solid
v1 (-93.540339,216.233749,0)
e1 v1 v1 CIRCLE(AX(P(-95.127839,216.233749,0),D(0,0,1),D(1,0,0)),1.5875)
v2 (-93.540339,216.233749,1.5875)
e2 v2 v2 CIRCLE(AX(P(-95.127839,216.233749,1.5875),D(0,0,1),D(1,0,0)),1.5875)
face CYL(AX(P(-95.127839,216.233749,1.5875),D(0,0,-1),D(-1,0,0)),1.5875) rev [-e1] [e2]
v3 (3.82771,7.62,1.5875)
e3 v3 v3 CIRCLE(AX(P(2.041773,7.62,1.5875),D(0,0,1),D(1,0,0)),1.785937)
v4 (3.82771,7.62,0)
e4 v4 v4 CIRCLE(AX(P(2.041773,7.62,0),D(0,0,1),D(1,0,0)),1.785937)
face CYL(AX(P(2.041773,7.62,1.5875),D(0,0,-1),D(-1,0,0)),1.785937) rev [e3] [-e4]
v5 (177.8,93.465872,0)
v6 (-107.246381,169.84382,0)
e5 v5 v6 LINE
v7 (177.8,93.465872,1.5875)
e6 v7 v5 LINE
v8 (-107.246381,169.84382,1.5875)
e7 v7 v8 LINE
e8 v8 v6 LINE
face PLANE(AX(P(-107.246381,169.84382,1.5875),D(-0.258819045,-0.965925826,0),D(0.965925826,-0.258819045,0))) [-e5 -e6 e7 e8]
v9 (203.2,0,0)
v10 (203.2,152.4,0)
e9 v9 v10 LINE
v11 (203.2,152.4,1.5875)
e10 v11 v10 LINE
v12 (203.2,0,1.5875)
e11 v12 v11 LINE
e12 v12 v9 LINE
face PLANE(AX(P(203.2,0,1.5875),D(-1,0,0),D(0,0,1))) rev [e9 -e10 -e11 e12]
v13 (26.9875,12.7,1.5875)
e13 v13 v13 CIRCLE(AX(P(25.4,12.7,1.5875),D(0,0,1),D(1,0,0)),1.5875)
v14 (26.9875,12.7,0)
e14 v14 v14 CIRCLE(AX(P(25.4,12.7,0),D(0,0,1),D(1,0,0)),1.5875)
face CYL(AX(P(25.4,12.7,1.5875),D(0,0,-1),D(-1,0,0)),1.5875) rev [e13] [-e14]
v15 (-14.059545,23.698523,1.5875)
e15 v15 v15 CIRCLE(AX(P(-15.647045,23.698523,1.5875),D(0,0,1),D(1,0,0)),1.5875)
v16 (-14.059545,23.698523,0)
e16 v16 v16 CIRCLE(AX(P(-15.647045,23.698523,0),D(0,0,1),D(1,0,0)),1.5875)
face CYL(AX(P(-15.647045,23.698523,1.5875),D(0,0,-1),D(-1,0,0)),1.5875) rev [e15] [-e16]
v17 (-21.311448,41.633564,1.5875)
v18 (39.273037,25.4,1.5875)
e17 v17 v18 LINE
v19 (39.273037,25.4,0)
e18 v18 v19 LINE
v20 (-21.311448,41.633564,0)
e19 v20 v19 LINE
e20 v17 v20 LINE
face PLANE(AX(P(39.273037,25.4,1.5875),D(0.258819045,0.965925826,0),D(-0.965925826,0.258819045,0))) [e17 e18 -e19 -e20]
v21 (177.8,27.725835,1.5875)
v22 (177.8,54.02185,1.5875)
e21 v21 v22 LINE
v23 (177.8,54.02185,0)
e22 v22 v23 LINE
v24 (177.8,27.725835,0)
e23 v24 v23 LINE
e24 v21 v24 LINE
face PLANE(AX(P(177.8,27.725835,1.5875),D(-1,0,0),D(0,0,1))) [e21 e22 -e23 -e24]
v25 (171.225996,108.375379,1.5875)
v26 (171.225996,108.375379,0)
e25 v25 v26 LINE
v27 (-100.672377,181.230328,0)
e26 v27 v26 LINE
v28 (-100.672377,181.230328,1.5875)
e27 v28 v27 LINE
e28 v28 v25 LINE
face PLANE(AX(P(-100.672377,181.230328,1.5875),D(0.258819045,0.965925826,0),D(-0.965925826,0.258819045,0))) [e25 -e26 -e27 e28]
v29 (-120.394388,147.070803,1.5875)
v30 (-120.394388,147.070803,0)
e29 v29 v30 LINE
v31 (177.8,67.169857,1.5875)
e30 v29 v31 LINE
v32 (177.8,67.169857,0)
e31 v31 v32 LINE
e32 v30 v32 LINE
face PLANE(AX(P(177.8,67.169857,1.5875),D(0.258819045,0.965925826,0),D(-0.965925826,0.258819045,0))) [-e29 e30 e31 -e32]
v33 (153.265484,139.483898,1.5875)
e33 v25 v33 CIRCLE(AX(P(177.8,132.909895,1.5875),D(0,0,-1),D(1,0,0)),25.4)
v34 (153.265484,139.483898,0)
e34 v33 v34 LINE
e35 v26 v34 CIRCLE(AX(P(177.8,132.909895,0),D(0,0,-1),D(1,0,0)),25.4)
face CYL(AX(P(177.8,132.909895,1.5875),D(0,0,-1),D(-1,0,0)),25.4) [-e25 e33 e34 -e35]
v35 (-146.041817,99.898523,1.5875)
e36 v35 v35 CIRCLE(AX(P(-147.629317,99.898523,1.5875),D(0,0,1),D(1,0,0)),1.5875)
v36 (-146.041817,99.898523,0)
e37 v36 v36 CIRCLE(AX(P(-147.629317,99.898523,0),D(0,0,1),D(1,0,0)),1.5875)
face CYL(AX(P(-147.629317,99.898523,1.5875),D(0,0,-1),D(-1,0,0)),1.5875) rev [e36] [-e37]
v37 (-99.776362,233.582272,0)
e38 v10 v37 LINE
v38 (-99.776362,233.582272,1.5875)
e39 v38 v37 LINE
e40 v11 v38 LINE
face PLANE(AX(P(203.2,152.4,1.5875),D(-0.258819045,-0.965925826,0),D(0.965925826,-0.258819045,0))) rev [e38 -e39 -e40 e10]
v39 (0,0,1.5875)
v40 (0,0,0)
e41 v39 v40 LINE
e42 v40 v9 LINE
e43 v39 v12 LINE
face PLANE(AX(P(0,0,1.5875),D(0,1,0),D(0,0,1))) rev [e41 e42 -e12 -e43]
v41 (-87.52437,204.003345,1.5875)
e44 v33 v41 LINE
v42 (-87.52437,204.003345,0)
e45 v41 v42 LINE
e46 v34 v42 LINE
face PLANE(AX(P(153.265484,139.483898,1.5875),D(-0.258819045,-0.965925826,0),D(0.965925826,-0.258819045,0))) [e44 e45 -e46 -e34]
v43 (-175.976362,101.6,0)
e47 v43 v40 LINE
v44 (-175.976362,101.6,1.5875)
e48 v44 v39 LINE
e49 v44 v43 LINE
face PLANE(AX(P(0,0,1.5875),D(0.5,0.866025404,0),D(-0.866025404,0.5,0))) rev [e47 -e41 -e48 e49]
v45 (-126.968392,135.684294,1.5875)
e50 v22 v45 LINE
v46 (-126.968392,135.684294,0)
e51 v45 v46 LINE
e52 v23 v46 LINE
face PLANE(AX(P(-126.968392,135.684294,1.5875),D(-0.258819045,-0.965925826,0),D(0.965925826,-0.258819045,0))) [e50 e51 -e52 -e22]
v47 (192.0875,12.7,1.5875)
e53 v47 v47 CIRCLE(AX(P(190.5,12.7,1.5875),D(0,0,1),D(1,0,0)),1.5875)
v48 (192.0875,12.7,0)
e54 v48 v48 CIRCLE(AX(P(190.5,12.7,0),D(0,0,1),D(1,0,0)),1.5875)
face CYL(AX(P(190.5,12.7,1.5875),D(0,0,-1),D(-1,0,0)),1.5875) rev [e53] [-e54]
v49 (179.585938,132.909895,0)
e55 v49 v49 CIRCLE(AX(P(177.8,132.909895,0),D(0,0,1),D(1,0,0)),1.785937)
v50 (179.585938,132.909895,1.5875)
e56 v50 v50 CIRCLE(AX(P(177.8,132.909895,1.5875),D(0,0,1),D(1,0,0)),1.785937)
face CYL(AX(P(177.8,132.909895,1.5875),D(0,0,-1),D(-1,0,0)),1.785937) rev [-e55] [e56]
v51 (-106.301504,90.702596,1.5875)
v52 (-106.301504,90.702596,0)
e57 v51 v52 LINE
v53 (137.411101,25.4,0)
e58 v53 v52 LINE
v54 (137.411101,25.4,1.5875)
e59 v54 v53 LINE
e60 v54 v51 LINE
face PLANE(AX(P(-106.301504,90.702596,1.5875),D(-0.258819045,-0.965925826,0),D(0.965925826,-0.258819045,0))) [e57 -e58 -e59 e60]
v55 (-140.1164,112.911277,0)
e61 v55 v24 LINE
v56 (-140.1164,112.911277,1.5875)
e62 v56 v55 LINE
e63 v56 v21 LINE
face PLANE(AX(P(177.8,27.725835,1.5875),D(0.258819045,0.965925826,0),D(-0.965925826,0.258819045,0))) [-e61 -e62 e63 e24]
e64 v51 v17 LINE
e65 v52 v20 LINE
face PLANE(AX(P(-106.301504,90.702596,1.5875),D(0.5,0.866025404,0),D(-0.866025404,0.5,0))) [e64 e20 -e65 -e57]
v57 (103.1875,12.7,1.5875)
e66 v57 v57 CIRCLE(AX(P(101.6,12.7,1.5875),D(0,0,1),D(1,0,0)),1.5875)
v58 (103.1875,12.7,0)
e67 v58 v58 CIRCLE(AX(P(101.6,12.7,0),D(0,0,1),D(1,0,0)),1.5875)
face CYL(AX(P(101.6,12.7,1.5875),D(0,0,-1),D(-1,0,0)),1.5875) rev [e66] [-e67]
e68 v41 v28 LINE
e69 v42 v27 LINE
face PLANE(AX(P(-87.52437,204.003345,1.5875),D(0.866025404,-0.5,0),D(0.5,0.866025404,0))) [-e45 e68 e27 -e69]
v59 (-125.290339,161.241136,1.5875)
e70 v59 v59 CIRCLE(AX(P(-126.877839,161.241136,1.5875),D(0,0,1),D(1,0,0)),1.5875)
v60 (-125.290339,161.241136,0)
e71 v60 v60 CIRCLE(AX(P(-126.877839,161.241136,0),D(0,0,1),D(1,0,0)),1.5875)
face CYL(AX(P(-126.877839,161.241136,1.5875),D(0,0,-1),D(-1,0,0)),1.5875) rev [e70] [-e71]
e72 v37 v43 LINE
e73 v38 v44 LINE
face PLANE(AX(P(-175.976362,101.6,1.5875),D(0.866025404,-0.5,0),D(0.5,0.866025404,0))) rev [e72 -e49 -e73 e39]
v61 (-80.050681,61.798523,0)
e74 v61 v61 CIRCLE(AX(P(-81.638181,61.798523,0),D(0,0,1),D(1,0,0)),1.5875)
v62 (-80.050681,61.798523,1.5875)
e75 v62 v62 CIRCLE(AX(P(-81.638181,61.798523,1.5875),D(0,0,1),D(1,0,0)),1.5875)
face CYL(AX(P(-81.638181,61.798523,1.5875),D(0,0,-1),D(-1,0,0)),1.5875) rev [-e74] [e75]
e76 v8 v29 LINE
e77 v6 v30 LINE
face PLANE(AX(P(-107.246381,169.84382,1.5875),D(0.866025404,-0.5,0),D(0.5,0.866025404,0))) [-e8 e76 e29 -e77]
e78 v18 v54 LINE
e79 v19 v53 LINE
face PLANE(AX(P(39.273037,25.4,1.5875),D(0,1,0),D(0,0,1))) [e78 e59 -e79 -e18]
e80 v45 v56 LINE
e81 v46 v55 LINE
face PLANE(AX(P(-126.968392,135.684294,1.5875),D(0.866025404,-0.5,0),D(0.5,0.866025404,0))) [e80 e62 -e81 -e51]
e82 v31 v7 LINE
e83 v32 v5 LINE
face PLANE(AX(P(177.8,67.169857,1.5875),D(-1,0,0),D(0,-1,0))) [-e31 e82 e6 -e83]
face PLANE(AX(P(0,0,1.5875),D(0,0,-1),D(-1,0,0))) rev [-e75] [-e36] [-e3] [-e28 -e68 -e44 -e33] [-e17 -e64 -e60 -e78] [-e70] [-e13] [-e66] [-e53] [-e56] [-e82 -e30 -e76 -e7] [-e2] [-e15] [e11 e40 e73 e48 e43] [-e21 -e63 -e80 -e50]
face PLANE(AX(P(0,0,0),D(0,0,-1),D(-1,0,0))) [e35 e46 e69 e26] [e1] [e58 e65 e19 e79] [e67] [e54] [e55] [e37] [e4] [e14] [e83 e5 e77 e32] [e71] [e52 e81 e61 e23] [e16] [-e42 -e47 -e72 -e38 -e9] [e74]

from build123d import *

# Parameters (mm, degrees)
SKETCH_1_R      = 1.7859375
SKETCH_1_R_2    = 1.5875
EXTRUDE_1_DEPTH = 1.5875


with BuildPart() as part:
    # 스케치1 → 보스-돌출1 (new body)
    with BuildSketch(Plane.XY):
        Polygon((0, 0), (203.2, 0), (203.2, 152.4), (-99.776362049, 233.582271537), (-175.976362049, 101.6), align=None)
        with Locations((2.041772846, 7.62)):
            Circle(SKETCH_1_R, mode=Mode.SUBTRACT)
        with Locations((177.8, 132.909894505)):
            Circle(SKETCH_1_R, mode=Mode.SUBTRACT)
        with Locations((190.5, 12.7)):
            Circle(SKETCH_1_R_2, mode=Mode.SUBTRACT)
        with Locations((101.6, 12.7)):
            Circle(SKETCH_1_R_2, mode=Mode.SUBTRACT)
        with Locations((25.4, 12.7)):
            Circle(SKETCH_1_R_2, mode=Mode.SUBTRACT)
        with Locations((-147.629316793, 99.898522628)):
            Circle(SKETCH_1_R_2, mode=Mode.SUBTRACT)
        with Locations((-81.638181024, 61.798522628)):
            Circle(SKETCH_1_R_2, mode=Mode.SUBTRACT)
        with Locations((-15.647045256, 23.698522628)):
            Circle(SKETCH_1_R_2, mode=Mode.SUBTRACT)
        with Locations((-95.127839421, 216.233748909)):
            Circle(SKETCH_1_R_2, mode=Mode.SUBTRACT)
        with Locations((-126.877839421, 161.241135768)):
            Circle(SKETCH_1_R_2, mode=Mode.SUBTRACT)
        Polygon((-106.301504082, 90.702595672), (-21.311447622, 41.633563696), (39.27303688, 25.4), (137.411100831, 25.4), align=None, mode=Mode.SUBTRACT)
        Polygon((177.8, 27.725834576), (177.8, 54.021849558), (-126.968392014, 135.684294077), (-140.116399505, 112.911277084), align=None, mode=Mode.SUBTRACT)
        with BuildLine():
            Line((-100.672377031, 181.230328063), (171.225996254, 108.375378518))
            ThreePointArc((171.225996254, 108.375378518), (155.802954744, 120.209894505), (153.265484012, 139.483898251))
            Line((153.265484012, 139.483898251), (-87.52436954, 204.003345056))
            Line((-87.52436954, 204.003345056), (-100.672377031, 181.230328063))
        make_face(mode=Mode.SUBTRACT)
        Polygon((-107.246380777, 169.843819566), (177.8, 93.465872032), (177.8, 67.169857049), (-120.394388268, 147.070802573), align=None, mode=Mode.SUBTRACT)
    extrude(amount=EXTRUDE_1_DEPTH)


solid = part.part
